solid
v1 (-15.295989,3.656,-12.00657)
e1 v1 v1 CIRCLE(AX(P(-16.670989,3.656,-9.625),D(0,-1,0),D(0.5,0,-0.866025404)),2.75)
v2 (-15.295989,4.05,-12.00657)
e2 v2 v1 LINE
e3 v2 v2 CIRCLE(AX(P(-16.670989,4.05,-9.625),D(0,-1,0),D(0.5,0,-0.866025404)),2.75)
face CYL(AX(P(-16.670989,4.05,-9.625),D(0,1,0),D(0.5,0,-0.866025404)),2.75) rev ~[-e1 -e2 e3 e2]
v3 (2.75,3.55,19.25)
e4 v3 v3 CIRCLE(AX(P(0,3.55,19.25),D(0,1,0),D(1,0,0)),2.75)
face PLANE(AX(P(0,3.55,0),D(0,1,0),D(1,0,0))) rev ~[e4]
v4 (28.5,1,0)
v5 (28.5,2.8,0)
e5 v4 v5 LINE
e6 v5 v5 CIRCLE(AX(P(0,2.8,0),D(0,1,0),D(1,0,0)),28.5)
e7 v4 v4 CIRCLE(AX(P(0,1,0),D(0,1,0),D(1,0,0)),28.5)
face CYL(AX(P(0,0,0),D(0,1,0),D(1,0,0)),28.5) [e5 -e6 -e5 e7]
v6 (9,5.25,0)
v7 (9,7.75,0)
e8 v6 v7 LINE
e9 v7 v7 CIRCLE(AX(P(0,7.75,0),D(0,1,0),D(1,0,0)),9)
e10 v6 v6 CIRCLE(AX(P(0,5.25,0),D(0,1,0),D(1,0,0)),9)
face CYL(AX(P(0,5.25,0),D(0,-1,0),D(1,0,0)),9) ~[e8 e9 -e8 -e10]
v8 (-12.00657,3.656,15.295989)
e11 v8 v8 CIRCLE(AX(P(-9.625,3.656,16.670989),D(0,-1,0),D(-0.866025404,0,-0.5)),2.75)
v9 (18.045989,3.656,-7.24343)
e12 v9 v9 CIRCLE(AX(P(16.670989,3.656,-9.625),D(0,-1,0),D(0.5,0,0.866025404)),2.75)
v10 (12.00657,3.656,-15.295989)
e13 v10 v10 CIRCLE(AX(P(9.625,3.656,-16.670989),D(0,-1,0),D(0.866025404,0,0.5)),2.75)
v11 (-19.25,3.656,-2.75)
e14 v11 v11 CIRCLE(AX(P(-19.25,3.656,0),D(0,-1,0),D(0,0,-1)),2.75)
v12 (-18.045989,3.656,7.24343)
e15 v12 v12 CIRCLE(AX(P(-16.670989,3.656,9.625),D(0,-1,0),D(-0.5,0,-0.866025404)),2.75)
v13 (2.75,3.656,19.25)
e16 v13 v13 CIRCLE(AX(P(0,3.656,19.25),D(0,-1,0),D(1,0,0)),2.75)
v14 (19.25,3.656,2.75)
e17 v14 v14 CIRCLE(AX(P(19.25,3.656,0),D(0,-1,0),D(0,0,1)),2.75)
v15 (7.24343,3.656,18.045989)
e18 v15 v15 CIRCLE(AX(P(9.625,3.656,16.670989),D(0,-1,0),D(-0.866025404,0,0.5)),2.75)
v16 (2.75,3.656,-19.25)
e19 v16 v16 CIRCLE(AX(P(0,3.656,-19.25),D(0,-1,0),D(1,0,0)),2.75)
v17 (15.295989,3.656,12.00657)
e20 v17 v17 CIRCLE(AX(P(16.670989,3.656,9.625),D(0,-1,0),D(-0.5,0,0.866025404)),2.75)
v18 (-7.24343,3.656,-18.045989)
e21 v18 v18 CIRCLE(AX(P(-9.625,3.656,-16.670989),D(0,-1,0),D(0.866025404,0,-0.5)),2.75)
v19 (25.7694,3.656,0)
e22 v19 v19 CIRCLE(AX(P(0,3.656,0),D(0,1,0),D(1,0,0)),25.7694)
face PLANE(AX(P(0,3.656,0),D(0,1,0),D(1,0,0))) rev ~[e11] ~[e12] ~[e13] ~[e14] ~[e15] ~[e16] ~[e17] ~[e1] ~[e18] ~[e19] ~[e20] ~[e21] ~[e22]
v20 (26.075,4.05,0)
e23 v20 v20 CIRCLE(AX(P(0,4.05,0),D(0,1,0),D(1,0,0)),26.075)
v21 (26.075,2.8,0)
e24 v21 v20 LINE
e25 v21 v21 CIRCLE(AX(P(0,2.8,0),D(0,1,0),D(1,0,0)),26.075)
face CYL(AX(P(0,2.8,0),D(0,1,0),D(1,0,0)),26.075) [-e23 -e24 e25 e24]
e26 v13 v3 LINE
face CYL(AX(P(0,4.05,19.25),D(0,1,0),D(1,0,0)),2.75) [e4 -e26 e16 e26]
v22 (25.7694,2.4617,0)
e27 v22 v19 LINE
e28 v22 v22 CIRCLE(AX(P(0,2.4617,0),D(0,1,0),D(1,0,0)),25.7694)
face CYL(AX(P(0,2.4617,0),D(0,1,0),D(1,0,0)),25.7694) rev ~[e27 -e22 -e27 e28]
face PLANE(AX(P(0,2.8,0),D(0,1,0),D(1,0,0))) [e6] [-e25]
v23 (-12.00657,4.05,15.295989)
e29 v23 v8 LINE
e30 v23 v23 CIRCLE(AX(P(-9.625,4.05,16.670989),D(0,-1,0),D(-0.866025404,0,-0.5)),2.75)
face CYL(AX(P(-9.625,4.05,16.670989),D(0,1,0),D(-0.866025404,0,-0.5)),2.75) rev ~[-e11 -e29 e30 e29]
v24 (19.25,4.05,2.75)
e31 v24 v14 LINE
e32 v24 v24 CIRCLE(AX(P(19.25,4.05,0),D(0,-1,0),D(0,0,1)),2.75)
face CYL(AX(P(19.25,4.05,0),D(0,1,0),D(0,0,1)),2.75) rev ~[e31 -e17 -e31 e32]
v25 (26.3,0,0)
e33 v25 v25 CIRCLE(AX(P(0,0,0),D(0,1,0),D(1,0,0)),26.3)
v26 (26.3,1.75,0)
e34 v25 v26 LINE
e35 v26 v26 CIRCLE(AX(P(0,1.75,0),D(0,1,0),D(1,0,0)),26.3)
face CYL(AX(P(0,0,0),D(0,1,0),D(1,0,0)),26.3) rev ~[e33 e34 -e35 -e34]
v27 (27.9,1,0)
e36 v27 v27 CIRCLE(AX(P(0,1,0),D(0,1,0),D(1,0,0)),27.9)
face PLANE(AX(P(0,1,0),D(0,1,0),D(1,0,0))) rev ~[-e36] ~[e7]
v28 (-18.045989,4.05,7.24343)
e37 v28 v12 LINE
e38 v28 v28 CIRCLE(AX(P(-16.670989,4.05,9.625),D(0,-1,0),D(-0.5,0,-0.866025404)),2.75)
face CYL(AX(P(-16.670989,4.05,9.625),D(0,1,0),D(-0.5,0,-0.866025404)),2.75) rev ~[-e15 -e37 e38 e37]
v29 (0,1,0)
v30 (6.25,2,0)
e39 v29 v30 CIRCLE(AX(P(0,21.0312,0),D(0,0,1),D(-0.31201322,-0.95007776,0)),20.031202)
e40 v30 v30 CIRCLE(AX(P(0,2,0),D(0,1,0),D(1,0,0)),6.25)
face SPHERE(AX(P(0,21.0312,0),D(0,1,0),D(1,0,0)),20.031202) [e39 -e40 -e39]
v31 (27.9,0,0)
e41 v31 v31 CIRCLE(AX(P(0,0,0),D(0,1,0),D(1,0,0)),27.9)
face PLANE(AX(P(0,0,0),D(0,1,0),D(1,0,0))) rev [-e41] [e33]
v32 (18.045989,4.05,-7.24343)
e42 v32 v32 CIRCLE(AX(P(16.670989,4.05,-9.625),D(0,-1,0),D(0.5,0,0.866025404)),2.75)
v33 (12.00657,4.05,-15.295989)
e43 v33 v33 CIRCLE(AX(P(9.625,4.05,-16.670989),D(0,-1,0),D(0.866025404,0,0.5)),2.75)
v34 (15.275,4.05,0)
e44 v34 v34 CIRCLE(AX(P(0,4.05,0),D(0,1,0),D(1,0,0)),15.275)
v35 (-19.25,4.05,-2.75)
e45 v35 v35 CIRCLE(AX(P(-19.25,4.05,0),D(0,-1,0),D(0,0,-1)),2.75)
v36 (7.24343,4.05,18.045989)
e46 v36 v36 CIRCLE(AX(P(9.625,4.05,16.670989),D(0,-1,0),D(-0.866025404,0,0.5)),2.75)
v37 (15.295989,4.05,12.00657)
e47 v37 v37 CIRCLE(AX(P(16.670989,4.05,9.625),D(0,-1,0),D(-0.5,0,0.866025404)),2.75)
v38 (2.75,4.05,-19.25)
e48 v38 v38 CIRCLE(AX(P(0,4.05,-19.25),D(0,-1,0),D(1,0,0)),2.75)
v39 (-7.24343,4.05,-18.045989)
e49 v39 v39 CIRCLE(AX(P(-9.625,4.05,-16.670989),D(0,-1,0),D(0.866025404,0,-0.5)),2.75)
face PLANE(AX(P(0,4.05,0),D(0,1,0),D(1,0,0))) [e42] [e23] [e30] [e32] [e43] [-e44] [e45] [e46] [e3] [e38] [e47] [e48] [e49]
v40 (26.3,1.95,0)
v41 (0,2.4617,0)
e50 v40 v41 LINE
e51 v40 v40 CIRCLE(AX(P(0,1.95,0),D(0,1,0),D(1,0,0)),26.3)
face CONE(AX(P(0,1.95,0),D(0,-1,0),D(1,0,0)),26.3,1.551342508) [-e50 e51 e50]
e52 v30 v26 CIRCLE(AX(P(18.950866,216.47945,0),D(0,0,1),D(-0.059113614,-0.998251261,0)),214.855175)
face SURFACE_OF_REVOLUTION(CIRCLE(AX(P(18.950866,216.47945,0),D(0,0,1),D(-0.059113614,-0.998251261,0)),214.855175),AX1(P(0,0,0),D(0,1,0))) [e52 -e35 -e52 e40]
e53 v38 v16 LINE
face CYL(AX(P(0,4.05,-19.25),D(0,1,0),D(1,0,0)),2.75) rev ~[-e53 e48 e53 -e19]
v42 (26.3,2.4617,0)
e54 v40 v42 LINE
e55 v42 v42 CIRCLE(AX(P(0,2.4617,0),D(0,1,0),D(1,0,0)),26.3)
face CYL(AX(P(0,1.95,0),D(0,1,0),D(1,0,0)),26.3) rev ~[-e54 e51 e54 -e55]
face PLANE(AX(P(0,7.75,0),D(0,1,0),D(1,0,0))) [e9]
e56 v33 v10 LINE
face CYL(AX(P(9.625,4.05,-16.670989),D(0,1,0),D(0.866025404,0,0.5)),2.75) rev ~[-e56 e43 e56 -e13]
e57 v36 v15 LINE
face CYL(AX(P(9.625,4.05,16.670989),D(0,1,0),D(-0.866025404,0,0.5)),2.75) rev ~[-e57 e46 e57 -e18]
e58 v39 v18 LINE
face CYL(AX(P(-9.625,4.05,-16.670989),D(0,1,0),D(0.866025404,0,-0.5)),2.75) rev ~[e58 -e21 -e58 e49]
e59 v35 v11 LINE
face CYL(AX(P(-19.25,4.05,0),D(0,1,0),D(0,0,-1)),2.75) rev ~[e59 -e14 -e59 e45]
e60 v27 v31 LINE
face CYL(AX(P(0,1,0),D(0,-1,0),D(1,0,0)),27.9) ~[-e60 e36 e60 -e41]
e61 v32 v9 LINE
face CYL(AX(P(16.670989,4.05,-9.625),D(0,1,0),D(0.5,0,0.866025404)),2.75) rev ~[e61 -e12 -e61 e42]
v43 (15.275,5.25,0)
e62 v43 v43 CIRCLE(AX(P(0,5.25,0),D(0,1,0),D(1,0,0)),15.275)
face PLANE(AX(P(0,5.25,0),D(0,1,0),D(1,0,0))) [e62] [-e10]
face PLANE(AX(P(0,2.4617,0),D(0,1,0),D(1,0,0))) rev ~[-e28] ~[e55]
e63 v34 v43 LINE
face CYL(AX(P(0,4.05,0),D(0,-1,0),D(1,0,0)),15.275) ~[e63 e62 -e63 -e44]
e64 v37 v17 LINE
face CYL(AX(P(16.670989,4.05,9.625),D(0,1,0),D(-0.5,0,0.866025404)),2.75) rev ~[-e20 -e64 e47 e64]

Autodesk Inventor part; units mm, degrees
ref_plane "YZ Plane" through (0, 0, 0) normal (1, 0, 0) x (0, 1, 0)
ref_plane "XZ Plane" through (0, 0, 0) normal (0, 1, 0) x (-1, 0, 0)
ref_plane "XY Plane" through (0, 0, 0) normal (0, 0, 1) x (1, 0, 0)
sketch "스케치1" plane through (0, 0, 0) normal (0, 0, 1) x (1, 0, 0)
  line L0 (0, 0) -> (0, 32.9047)
  line L1 (0, 0) -> (28.5, 0)
  line L2 (28.5, 0) -> (28.5, 2.8)
  line L3 (28.5, 2.8) -> (26.075, 2.8)
  line L4 (26.075, 2.8) -> (26.075, 4.05)
  line L5 (26.075, 4.05) -> (0, 4.05)
  line L6 (28.5, 2.8) -> (28.5, 1)
  line L7 (28.5, 1) -> (27.9, 1)
  line L8 (27.9, 1) -> (27.9, 0)
  line L9 (27.9, 0) -> (26.3, 0)
  line L10 (26.3, 0) -> (26.3, 1.75)
  line L11 (-6.25, 2) -> (6.25, 2)
  arc A0 (-6.25, 2) -> (6.25, 2) centre (0, 21.0312) ccw
  line L12 (0, 1) -> (0, 2)
  arc A1 (6.25, 2) -> (26.3, 1.75) centre (18.9509, 216.4804) ccw
  line L13 (26.3, 1.75) -> (26.3, 1.95)
  line L14 (26.3, 1.95) -> (0, 2.4617)
  line L15 (26.3, 1.95) -> (26.3, 2.4617)
  line L16 (26.3, 2.4617) -> (25.7694, 2.4617)
  line L17 (25.7694, 2.4617) -> (25.7694, 3.656)
  line L18 (25.7694, 3.656) -> (0, 3.656)
  point P0 (0, 1)
  dimension "d1" = 28.5
  dimension "d2" = 2.8
  dimension "d3" = 26.075
  dimension "d4" = 1.25
  dimension "d5" = 1.8
  dimension "d6" = 0.6
  dimension "d7" = 1.6
  dimension "d8" = 1.75
  dimension "d9" = 12.5
  dimension "d10" = 0.8
  dimension "d11" = 1
  dimension "d19" = 0.2
revolve "회전1" add sketch "스케치1" angle 360 about axis through (0, 0, 0) along (0, 1, 0) picked at (3.4853, 1.8155) contours L0 L11 A0 | L10 L13 L15 L16 L17 L18 L0 L5 L4 L3 L2 L7 L8 L1 | L0 L14 L13 A1 L11
sketch "스케치2" plane through (0, 4.05, 0) normal (0, 1, 0) x (1, 0, 0)
  circle A0 centre (0, 0) radius 15.275
  dimension "d13" = 30.55
extrude "돌출1" add sketch "스케치2" along normal blind 1.2
sketch "스케치3" plane through (0, 5.25, 0) normal (0, 1, 0) x (1, 0, 0)
  circle A0 centre (0, 0) radius 9
  dimension "d16" = 18
extrude "돌출2" add sketch "스케치3" along normal blind 2.5
sketch "스케치4" plane through (0, 4.05, 0) normal (0, 1, 0) x (1, 0, 0)
  point P0 (0, 0)
sketch "스케치5" plane through (0, 4.05, 0) normal (0, 1, 0) x (1, 0, 0)
  circle A0 centre (0, 19.25) radius 2.75
  line L0 (0, 19.25) -> (0, 0)
  dimension "d20" = 5.5
  dimension "d21" = 19.25
extrude "돌출3" cut sketch "스케치5" against normal blind 0.5
pattern_circular "원형 패턴1" count 12 over 360 about axis through (0, 4.05, 0) along (0, 1, 0) of "돌출3"
sketch "스케치6" plane through (0, 4.05, 0) normal (0, 1, 0) x (1, 0, 0)
  circle A0 centre (0, -19.25) radius 2.75 projected
  point P0 (0, 0)
extrude "돌출4" add sketch "스케치6" against normal blind 0.5
properties part number "speaker"
